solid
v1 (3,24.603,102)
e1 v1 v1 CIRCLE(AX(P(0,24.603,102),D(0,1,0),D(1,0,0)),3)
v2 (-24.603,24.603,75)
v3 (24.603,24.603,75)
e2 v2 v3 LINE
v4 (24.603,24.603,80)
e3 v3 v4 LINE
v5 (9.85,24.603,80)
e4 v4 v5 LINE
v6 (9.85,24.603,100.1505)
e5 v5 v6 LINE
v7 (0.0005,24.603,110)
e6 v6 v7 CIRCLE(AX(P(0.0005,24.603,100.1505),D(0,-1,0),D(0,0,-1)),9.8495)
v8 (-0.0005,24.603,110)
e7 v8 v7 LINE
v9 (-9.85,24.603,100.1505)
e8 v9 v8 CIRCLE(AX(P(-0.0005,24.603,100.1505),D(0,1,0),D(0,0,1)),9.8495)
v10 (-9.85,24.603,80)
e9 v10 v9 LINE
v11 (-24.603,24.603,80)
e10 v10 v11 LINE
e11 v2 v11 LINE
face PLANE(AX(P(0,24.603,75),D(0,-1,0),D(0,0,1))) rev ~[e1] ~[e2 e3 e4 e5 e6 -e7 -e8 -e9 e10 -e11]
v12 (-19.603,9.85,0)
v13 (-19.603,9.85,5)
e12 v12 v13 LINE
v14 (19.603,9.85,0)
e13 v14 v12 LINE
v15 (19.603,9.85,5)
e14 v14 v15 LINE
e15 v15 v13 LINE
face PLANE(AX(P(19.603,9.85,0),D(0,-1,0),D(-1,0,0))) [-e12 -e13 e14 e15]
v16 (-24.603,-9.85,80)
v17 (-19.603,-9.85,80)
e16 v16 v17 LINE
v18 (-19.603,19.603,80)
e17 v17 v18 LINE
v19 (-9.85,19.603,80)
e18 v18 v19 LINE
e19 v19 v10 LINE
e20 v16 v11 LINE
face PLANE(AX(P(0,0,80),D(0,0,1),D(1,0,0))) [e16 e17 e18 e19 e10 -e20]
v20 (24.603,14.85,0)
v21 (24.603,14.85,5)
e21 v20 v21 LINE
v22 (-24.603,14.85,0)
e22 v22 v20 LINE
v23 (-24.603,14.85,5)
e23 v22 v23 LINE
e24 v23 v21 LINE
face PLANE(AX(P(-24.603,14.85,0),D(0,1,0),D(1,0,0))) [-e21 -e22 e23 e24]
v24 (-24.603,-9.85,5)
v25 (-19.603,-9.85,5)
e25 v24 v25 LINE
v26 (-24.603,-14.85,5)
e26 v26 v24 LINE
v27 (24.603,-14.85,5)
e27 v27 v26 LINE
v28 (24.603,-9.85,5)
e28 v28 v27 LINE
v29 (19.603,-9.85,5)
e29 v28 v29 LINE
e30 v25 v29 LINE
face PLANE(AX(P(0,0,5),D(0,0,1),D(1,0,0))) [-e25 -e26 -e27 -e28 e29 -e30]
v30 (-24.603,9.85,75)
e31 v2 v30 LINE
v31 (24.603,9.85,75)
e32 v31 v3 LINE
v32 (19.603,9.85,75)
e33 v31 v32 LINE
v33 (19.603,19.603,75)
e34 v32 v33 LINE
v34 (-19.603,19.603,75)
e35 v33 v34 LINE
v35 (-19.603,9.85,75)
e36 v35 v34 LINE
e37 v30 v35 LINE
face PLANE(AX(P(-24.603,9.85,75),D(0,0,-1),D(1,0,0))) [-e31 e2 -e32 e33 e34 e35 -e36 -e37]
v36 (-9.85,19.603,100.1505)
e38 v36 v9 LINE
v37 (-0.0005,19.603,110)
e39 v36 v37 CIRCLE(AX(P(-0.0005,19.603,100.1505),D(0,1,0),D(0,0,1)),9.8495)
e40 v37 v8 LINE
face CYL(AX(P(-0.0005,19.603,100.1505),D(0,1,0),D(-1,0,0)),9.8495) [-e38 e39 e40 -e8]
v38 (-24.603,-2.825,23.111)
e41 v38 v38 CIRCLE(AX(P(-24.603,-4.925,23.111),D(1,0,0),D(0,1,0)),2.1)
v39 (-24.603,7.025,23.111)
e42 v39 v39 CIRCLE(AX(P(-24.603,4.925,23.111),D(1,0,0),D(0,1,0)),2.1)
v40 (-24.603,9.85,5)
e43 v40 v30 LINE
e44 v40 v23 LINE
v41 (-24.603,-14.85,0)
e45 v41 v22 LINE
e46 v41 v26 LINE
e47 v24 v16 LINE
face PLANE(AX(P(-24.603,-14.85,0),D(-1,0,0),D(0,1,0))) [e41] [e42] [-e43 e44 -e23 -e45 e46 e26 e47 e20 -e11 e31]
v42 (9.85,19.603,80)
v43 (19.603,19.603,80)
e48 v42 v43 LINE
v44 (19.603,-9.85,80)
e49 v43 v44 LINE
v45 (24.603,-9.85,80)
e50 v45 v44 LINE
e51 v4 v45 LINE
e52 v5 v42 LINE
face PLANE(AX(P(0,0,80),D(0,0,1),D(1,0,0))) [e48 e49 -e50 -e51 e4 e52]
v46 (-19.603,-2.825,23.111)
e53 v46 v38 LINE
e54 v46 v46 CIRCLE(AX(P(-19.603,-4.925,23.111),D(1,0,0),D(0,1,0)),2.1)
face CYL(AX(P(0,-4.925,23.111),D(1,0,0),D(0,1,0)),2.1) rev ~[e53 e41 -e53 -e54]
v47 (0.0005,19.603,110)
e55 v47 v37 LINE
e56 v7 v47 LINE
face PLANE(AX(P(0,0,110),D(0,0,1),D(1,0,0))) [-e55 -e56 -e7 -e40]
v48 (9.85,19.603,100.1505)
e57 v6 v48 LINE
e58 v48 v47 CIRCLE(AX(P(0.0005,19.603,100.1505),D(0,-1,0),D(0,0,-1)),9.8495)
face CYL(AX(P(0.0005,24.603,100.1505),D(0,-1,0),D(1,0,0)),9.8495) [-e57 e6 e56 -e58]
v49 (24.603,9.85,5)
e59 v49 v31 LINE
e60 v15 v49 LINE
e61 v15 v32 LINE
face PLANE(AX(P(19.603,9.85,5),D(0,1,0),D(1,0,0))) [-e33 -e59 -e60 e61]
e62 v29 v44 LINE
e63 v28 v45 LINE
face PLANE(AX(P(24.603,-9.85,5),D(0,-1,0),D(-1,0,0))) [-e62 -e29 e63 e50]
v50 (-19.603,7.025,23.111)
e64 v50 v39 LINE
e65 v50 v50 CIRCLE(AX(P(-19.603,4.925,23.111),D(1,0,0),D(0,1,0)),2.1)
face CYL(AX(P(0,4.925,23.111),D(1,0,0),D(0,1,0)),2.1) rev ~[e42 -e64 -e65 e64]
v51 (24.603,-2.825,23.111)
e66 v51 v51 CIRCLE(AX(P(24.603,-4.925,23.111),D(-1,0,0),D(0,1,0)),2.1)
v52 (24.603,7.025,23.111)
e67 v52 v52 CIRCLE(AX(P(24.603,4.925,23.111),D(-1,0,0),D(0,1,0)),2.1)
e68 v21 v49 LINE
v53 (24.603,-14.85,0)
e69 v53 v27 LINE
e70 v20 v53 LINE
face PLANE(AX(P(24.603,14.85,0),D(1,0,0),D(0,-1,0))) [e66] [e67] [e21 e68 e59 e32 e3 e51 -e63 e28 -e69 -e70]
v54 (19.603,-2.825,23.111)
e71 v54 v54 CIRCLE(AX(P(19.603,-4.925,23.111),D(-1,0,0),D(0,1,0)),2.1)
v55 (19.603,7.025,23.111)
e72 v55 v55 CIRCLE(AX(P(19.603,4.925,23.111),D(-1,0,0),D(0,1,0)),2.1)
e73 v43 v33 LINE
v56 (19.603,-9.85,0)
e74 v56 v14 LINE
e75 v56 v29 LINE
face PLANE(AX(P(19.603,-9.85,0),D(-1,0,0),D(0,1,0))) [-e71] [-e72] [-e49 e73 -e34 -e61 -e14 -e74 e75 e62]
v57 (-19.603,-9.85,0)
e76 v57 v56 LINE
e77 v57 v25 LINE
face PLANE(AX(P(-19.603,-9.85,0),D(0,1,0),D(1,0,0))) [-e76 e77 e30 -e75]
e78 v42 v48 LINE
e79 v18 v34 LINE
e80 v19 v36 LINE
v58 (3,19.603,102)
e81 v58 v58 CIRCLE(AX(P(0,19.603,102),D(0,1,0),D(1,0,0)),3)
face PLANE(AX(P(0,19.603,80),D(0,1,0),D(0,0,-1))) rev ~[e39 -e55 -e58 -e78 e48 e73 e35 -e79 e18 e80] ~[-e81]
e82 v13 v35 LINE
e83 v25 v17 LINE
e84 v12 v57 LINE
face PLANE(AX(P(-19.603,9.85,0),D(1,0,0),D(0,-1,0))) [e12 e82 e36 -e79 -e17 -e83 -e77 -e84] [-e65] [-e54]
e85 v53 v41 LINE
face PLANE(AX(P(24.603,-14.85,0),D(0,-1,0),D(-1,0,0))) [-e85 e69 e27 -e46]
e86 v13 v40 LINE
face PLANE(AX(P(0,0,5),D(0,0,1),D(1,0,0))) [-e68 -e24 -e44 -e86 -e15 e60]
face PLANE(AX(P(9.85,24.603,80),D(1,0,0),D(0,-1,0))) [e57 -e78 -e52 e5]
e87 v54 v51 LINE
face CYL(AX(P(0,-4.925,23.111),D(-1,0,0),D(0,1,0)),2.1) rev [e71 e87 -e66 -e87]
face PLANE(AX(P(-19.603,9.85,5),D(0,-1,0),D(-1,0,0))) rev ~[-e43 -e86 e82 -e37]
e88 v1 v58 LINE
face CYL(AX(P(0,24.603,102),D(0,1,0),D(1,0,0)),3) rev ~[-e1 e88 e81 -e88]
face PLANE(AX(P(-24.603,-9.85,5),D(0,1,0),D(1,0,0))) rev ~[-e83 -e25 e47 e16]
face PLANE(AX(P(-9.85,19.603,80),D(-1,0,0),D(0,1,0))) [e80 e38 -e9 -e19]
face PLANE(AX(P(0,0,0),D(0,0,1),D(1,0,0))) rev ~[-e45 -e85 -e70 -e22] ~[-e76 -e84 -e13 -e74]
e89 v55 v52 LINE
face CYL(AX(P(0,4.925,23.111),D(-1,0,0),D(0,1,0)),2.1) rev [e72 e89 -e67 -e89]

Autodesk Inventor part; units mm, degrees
ref_plane "YZ Plane" through (0, 0, 0) normal (1, 0, 0) x (0, 1, 0)
ref_plane "XZ Plane" through (0, 0, 0) normal (0, 1, 0) x (-1, 0, 0)
ref_plane "XY Plane" through (0, 0, 0) normal (0, 0, 1) x (1, 0, 0)
sketch "Sketch1" plane through (0, 0, 0) normal (0, 0, 1) x (1, 0, 0)
  line L0 (-19.603, -9.85) -> (19.603, -9.85)
  line L1 (19.603, -9.85) -> (19.603, 9.85)
  line L2 (19.603, 9.85) -> (-19.603, 9.85)
  line L3 (-19.603, 9.85) -> (-19.603, -9.85)
  line L4 (-19.603, -9.85) -> (19.603, 9.85) construction
  line L5 (19.603, -9.85) -> (-19.603, 9.85) construction
  line L6 (-24.603, 14.85) -> (24.603, 14.85)
  line L7 (24.603, 14.85) -> (24.603, -14.85)
  line L8 (24.603, -14.85) -> (-24.603, -14.85)
  line L9 (-24.603, -14.85) -> (-24.603, 14.85)
  point P0 (0, 0)
  dimension "d0" = 39.206
  dimension "d1" = 19.7
  dimension "d2" = 5
extrude "Extrusion1" add sketch "Sketch1" along normal blind 5
sketch "Sketch2" plane through (0, 0, 5) normal (0, 0, 1) x (1, 0, 0)
  line L0 (-24.603, 14.85) -> (-24.603, -14.85) construction
  line L1 (-24.603, 14.85) -> (-24.603, -14.85) construction
  line L2 (24.603, 14.85) -> (-24.603, 14.85) construction
  line L3 (-24.603, 14.85) -> (24.603, 14.85) construction
  line L4 (24.603, -14.85) -> (24.603, 14.85) construction
  line L5 (24.603, 14.85) -> (24.603, -14.85) construction
  line L6 (24.603, -14.85) -> (-24.603, -14.85) construction
  line L7 (-19.603, -9.85) -> (-19.603, 9.85) projected
  line L8 (-19.603, 9.85) -> (-24.603, 9.85)
  line L9 (-24.603, 9.85) -> (-24.603, -9.85)
  line L10 (-24.603, -9.85) -> (-19.603, -9.85)
  line L11 (-19.603, -9.85) -> (-19.603, 9.85)
  line L12 (19.603, 9.85) -> (19.603, -9.85) projected
  line L13 (19.603, 9.85) -> (24.603, 9.85)
  line L14 (24.603, 9.85) -> (24.603, -9.85)
  line L15 (24.603, -9.85) -> (19.603, -9.85)
  line L16 (19.603, -9.85) -> (19.603, 9.85)
  point P0 (0, 0)
extrude "Extrusion2" add sketch "Sketch2" along normal blind 75
sketch "Sketch3" plane through (0, 0, 0) normal (1, 0, 0) x (0, 1, 0)
  circle A0 centre (4.925, 23.111) radius 2.1
  line L0 (14.85, 0) -> (14.85, 5) projected
  line L1 (14.85, 5) -> (9.85, 5) projected
  circle A1 centre (-4.925, 23.111) radius 2.1
  line L2 (-14.85, 0) -> (-14.85, 5) projected
  line L3 (-9.85, 5) -> (-14.85, 5) projected
  point P0 (0, 0)
  point P1 (-12.35, 5)
  dimension "d7" = 4.2
  dimension "d8" = 9.925
  dimension "d9" = 18.111
  dimension "d10" = 4.2
  dimension "d11" = 9.925
  dimension "d12" = 18.111
extrude "Extrusion3" cut sketch "Sketch3" along normal through all both and the other way through all
sketch "Sketch4" plane through (0, 0, 0) normal (1, 0, 0) x (0, 1, 0)
  line L0 (-9.85, 80) -> (9.85, 80) construction
  line L1 (0, 80) -> (0, 0) construction
  line L2 (24.603, 80) -> (19.603, 80)
  line L3 (19.603, 80) -> (19.603, 75)
  line L4 (19.603, 75) -> (24.603, 75)
  line L5 (24.603, 75) -> (24.603, 80)
  line L6 (14.85, 0) -> (-14.85, 0) projected
  point P0 (19.603, 77.5)
  dimension "d29" = 5
  dimension "d30" = 5
  dimension "d31" = 19.603
  dimension "d32" = 75
extrude "Extrusion4" add sketch "Sketch4" along normal mid plane 49.206
sketch "Sketch5" plane through (0, 0, 80) normal (0, 0, 1) x (1, 0, 0)
  line L0 (-24.603, -9.85) -> (-24.603, 14.85) projected
  line L1 (24.603, -9.85) -> (24.603, 14.85) projected
  line L2 (-24.603, 24.603) -> (24.603, 24.603) projected
  line L3 (-9.85, 24.603) -> (9.85, 24.603)
  line L4 (9.85, 24.603) -> (9.85, 19.603)
  line L5 (9.85, 19.603) -> (-9.85, 19.603)
  line L6 (-9.85, 19.603) -> (-9.85, 24.603)
  line L7 (24.603, 24.603) -> (24.603, 19.603) projected
  line L8 (-24.603, 19.603) -> (-24.603, 24.603) projected
  point P0 (0, 0)
  point P1 (9.85, 22.103)
  point P2 (-24.603, 22.103)
  point P3 (9.85, 24.603)
  dimension "d33" = 19.7
  dimension "d34" = 5
  dimension "d35" = 14.753
  dimension "d36" = 14.753
extrude "Extrusion5" add sketch "Sketch5" along normal blind 30
sketch "Sketch7" plane through (19.603, 9.85, 5) normal (0, 1, 0) x (1, 0, 0)
  line L0 (-39.206, 0) -> (-39.206, -75) projected
  line L1 (-39.206, -75) -> (-44.206, -75)
  line L2 (-44.206, -75) -> (-44.206, -70)
  line L3 (-44.206, -70) -> (-39.206, -70)
  line L4 (-39.206, -70) -> (-39.206, -75)
  line L5 (0, 0) -> (0, -75) projected
  line L6 (0, -75) -> (5, -75)
  line L7 (5, -75) -> (5, -70)
  line L8 (5, -70) -> (0, -70)
  line L9 (0, -70) -> (0, -75)
  point P0 (-19.603, 5)
  point P1 (-39.206, -70)
  point P2 (0, -70)
  dimension "d37" = 5
  dimension "d38" = 5
  dimension "d39" = 5
  dimension "d40" = 5
extrude "Extrusion7" add sketch "Sketch7" along normal through all
sketch "Sketch8" plane through (-24.603, 24.603, 75) normal (0, 1, 0) x (1, 0, 0)
  line L0 (14.753, -35) -> (34.453, -35) construction
  line L1 (24.603, -35) -> (24.603, 0) construction
  line L2 (5, 0) -> (44.206, 0) construction
  circle A0 centre (24.603, -27) radius 3
  point P0 (24.603, 75)
  point P1 (0, 0)
  point P2 (49.206, 0)
  dimension "d43" = 6
  dimension "d44" = 8
extrude "Extrusion8" cut sketch "Sketch8" against normal through all
fillet "Fillet1" radius 9.85 2 edges at (9.85, 22.103, 110) (-9.85, 22.103, 110)
properties part number "Part2_cage"
